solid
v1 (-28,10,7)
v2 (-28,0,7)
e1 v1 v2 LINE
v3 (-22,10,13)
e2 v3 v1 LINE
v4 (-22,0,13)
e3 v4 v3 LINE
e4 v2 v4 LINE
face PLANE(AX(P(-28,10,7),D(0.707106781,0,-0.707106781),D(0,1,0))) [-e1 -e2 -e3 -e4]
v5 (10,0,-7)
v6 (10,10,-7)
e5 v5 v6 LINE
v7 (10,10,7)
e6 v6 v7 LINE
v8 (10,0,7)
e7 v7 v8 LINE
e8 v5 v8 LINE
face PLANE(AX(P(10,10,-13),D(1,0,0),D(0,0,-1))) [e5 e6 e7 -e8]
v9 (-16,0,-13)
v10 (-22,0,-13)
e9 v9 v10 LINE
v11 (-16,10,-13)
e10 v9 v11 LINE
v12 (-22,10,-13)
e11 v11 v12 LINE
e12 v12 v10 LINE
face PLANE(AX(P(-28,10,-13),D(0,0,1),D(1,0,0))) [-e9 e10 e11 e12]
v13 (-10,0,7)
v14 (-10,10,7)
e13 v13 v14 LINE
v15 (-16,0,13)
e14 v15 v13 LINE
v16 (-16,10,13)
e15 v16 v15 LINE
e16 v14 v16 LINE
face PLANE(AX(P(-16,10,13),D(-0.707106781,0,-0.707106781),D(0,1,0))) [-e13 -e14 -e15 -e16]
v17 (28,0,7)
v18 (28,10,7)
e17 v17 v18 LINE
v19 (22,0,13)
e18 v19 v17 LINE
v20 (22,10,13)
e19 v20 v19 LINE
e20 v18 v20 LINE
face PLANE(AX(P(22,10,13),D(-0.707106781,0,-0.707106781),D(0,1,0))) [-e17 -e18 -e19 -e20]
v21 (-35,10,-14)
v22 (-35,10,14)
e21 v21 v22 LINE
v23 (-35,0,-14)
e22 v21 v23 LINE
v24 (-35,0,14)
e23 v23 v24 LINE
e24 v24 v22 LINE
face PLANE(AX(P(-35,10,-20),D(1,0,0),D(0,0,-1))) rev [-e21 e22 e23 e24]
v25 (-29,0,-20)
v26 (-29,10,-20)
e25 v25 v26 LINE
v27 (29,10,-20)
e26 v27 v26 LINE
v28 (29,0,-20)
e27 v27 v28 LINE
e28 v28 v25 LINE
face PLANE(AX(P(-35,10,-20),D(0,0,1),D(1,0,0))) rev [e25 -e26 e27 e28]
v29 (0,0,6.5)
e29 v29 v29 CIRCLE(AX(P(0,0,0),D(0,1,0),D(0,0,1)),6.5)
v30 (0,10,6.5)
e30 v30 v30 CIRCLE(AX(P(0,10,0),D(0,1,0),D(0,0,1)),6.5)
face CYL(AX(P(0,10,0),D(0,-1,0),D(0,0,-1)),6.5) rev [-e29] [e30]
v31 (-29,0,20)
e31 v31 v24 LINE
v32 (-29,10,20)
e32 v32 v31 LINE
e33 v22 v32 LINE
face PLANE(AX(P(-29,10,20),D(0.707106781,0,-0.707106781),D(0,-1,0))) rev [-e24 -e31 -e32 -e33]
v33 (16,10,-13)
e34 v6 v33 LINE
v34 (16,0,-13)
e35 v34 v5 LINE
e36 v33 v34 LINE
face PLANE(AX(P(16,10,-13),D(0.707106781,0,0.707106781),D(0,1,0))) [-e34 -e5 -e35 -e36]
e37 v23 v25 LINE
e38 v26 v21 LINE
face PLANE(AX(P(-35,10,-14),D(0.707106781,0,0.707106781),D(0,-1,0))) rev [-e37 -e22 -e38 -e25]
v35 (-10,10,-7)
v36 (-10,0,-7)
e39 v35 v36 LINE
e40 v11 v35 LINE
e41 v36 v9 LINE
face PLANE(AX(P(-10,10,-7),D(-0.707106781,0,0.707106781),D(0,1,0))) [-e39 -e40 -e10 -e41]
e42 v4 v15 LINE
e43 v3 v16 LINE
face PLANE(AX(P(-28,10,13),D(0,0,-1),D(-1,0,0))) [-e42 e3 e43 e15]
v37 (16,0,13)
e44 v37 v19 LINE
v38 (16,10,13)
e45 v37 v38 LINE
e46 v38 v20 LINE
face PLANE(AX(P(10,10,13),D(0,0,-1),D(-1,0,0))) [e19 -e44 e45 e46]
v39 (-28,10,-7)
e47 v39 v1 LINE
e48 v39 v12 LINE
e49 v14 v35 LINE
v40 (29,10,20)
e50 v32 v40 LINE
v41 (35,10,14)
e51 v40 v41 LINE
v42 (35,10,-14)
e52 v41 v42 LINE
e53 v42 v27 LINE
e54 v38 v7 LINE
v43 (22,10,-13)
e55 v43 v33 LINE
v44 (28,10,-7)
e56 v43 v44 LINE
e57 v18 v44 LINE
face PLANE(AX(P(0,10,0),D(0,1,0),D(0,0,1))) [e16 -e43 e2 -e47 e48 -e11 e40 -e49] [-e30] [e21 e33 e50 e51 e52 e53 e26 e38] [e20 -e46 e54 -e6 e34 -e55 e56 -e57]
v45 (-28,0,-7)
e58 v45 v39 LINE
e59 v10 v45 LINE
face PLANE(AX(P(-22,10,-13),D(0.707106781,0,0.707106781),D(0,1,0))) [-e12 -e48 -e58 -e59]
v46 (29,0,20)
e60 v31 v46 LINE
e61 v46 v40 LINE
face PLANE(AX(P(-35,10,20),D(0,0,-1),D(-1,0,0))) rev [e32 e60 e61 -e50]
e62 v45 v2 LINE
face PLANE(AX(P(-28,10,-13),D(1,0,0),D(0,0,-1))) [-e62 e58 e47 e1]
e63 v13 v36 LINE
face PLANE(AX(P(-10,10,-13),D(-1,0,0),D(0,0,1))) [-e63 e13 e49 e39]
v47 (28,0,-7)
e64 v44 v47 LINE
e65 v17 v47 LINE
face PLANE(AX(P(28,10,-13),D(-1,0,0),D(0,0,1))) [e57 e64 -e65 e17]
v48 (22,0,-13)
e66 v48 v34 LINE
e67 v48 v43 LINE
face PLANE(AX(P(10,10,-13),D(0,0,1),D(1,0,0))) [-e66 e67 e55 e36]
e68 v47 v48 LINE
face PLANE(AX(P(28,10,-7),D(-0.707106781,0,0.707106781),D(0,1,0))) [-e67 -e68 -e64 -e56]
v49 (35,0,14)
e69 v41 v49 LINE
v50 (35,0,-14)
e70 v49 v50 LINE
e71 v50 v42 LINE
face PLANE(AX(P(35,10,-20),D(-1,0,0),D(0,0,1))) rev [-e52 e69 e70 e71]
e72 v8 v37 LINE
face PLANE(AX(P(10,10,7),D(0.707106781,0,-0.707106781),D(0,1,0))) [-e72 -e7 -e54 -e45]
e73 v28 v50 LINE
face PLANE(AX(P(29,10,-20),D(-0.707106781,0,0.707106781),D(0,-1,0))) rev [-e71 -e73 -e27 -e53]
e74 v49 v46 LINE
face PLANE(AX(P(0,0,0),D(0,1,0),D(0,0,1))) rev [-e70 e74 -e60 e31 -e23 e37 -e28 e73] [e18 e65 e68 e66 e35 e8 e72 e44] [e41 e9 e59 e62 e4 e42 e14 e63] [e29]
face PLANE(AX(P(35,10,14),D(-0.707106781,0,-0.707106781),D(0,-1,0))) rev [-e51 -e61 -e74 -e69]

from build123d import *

# Parameters (mm, degrees)
SKETCH1_W           = 70
SKETCH1_H           = 40
SKETCH1_R           = 6.5
SKETCH1_W_2         = 18
SKETCH1_H_2         = 26
BOSS_EXTRUDE1_DEPTH = 10
CHAMFER1_SIZE       = 6


with BuildPart() as part:
    # Sketch1 → Boss-Extrude1 (new body)
    with BuildSketch(Plane(origin=(0, 0, 0), x_dir=(1, 0, 0), z_dir=(0, 1, 0))):
        Rectangle(SKETCH1_W, SKETCH1_H)
        with Locations(Location((0, 0, 0), (0, 0, 270))):
            Circle(SKETCH1_R, mode=Mode.SUBTRACT)
        with Locations((-19, 0)):
            Rectangle(SKETCH1_W_2, SKETCH1_H_2, mode=Mode.SUBTRACT)
        with Locations((19, 0)):
            Rectangle(SKETCH1_W_2, SKETCH1_H_2, mode=Mode.SUBTRACT)
    extrude(amount=BOSS_EXTRUDE1_DEPTH)

    # Chamfer1
    chamfer1_edges = [part.edges().sort_by_distance(p)[0] for p in [
        (-10, 5, 13),
        (-10, 5, -13),
        (-28, 5, -13),
        (-28, 5, 13),
        (28, 5, 13),
        (28, 5, -13),
        (10, 5, -13),
        (10, 5, 13),
        (35, 5, 20),
        (-35, 5, 20),
        (-35, 5, -20),
        (35, 5, -20),
    ]]
    chamfer(chamfer1_edges, length=CHAMFER1_SIZE)


solid = part.part
